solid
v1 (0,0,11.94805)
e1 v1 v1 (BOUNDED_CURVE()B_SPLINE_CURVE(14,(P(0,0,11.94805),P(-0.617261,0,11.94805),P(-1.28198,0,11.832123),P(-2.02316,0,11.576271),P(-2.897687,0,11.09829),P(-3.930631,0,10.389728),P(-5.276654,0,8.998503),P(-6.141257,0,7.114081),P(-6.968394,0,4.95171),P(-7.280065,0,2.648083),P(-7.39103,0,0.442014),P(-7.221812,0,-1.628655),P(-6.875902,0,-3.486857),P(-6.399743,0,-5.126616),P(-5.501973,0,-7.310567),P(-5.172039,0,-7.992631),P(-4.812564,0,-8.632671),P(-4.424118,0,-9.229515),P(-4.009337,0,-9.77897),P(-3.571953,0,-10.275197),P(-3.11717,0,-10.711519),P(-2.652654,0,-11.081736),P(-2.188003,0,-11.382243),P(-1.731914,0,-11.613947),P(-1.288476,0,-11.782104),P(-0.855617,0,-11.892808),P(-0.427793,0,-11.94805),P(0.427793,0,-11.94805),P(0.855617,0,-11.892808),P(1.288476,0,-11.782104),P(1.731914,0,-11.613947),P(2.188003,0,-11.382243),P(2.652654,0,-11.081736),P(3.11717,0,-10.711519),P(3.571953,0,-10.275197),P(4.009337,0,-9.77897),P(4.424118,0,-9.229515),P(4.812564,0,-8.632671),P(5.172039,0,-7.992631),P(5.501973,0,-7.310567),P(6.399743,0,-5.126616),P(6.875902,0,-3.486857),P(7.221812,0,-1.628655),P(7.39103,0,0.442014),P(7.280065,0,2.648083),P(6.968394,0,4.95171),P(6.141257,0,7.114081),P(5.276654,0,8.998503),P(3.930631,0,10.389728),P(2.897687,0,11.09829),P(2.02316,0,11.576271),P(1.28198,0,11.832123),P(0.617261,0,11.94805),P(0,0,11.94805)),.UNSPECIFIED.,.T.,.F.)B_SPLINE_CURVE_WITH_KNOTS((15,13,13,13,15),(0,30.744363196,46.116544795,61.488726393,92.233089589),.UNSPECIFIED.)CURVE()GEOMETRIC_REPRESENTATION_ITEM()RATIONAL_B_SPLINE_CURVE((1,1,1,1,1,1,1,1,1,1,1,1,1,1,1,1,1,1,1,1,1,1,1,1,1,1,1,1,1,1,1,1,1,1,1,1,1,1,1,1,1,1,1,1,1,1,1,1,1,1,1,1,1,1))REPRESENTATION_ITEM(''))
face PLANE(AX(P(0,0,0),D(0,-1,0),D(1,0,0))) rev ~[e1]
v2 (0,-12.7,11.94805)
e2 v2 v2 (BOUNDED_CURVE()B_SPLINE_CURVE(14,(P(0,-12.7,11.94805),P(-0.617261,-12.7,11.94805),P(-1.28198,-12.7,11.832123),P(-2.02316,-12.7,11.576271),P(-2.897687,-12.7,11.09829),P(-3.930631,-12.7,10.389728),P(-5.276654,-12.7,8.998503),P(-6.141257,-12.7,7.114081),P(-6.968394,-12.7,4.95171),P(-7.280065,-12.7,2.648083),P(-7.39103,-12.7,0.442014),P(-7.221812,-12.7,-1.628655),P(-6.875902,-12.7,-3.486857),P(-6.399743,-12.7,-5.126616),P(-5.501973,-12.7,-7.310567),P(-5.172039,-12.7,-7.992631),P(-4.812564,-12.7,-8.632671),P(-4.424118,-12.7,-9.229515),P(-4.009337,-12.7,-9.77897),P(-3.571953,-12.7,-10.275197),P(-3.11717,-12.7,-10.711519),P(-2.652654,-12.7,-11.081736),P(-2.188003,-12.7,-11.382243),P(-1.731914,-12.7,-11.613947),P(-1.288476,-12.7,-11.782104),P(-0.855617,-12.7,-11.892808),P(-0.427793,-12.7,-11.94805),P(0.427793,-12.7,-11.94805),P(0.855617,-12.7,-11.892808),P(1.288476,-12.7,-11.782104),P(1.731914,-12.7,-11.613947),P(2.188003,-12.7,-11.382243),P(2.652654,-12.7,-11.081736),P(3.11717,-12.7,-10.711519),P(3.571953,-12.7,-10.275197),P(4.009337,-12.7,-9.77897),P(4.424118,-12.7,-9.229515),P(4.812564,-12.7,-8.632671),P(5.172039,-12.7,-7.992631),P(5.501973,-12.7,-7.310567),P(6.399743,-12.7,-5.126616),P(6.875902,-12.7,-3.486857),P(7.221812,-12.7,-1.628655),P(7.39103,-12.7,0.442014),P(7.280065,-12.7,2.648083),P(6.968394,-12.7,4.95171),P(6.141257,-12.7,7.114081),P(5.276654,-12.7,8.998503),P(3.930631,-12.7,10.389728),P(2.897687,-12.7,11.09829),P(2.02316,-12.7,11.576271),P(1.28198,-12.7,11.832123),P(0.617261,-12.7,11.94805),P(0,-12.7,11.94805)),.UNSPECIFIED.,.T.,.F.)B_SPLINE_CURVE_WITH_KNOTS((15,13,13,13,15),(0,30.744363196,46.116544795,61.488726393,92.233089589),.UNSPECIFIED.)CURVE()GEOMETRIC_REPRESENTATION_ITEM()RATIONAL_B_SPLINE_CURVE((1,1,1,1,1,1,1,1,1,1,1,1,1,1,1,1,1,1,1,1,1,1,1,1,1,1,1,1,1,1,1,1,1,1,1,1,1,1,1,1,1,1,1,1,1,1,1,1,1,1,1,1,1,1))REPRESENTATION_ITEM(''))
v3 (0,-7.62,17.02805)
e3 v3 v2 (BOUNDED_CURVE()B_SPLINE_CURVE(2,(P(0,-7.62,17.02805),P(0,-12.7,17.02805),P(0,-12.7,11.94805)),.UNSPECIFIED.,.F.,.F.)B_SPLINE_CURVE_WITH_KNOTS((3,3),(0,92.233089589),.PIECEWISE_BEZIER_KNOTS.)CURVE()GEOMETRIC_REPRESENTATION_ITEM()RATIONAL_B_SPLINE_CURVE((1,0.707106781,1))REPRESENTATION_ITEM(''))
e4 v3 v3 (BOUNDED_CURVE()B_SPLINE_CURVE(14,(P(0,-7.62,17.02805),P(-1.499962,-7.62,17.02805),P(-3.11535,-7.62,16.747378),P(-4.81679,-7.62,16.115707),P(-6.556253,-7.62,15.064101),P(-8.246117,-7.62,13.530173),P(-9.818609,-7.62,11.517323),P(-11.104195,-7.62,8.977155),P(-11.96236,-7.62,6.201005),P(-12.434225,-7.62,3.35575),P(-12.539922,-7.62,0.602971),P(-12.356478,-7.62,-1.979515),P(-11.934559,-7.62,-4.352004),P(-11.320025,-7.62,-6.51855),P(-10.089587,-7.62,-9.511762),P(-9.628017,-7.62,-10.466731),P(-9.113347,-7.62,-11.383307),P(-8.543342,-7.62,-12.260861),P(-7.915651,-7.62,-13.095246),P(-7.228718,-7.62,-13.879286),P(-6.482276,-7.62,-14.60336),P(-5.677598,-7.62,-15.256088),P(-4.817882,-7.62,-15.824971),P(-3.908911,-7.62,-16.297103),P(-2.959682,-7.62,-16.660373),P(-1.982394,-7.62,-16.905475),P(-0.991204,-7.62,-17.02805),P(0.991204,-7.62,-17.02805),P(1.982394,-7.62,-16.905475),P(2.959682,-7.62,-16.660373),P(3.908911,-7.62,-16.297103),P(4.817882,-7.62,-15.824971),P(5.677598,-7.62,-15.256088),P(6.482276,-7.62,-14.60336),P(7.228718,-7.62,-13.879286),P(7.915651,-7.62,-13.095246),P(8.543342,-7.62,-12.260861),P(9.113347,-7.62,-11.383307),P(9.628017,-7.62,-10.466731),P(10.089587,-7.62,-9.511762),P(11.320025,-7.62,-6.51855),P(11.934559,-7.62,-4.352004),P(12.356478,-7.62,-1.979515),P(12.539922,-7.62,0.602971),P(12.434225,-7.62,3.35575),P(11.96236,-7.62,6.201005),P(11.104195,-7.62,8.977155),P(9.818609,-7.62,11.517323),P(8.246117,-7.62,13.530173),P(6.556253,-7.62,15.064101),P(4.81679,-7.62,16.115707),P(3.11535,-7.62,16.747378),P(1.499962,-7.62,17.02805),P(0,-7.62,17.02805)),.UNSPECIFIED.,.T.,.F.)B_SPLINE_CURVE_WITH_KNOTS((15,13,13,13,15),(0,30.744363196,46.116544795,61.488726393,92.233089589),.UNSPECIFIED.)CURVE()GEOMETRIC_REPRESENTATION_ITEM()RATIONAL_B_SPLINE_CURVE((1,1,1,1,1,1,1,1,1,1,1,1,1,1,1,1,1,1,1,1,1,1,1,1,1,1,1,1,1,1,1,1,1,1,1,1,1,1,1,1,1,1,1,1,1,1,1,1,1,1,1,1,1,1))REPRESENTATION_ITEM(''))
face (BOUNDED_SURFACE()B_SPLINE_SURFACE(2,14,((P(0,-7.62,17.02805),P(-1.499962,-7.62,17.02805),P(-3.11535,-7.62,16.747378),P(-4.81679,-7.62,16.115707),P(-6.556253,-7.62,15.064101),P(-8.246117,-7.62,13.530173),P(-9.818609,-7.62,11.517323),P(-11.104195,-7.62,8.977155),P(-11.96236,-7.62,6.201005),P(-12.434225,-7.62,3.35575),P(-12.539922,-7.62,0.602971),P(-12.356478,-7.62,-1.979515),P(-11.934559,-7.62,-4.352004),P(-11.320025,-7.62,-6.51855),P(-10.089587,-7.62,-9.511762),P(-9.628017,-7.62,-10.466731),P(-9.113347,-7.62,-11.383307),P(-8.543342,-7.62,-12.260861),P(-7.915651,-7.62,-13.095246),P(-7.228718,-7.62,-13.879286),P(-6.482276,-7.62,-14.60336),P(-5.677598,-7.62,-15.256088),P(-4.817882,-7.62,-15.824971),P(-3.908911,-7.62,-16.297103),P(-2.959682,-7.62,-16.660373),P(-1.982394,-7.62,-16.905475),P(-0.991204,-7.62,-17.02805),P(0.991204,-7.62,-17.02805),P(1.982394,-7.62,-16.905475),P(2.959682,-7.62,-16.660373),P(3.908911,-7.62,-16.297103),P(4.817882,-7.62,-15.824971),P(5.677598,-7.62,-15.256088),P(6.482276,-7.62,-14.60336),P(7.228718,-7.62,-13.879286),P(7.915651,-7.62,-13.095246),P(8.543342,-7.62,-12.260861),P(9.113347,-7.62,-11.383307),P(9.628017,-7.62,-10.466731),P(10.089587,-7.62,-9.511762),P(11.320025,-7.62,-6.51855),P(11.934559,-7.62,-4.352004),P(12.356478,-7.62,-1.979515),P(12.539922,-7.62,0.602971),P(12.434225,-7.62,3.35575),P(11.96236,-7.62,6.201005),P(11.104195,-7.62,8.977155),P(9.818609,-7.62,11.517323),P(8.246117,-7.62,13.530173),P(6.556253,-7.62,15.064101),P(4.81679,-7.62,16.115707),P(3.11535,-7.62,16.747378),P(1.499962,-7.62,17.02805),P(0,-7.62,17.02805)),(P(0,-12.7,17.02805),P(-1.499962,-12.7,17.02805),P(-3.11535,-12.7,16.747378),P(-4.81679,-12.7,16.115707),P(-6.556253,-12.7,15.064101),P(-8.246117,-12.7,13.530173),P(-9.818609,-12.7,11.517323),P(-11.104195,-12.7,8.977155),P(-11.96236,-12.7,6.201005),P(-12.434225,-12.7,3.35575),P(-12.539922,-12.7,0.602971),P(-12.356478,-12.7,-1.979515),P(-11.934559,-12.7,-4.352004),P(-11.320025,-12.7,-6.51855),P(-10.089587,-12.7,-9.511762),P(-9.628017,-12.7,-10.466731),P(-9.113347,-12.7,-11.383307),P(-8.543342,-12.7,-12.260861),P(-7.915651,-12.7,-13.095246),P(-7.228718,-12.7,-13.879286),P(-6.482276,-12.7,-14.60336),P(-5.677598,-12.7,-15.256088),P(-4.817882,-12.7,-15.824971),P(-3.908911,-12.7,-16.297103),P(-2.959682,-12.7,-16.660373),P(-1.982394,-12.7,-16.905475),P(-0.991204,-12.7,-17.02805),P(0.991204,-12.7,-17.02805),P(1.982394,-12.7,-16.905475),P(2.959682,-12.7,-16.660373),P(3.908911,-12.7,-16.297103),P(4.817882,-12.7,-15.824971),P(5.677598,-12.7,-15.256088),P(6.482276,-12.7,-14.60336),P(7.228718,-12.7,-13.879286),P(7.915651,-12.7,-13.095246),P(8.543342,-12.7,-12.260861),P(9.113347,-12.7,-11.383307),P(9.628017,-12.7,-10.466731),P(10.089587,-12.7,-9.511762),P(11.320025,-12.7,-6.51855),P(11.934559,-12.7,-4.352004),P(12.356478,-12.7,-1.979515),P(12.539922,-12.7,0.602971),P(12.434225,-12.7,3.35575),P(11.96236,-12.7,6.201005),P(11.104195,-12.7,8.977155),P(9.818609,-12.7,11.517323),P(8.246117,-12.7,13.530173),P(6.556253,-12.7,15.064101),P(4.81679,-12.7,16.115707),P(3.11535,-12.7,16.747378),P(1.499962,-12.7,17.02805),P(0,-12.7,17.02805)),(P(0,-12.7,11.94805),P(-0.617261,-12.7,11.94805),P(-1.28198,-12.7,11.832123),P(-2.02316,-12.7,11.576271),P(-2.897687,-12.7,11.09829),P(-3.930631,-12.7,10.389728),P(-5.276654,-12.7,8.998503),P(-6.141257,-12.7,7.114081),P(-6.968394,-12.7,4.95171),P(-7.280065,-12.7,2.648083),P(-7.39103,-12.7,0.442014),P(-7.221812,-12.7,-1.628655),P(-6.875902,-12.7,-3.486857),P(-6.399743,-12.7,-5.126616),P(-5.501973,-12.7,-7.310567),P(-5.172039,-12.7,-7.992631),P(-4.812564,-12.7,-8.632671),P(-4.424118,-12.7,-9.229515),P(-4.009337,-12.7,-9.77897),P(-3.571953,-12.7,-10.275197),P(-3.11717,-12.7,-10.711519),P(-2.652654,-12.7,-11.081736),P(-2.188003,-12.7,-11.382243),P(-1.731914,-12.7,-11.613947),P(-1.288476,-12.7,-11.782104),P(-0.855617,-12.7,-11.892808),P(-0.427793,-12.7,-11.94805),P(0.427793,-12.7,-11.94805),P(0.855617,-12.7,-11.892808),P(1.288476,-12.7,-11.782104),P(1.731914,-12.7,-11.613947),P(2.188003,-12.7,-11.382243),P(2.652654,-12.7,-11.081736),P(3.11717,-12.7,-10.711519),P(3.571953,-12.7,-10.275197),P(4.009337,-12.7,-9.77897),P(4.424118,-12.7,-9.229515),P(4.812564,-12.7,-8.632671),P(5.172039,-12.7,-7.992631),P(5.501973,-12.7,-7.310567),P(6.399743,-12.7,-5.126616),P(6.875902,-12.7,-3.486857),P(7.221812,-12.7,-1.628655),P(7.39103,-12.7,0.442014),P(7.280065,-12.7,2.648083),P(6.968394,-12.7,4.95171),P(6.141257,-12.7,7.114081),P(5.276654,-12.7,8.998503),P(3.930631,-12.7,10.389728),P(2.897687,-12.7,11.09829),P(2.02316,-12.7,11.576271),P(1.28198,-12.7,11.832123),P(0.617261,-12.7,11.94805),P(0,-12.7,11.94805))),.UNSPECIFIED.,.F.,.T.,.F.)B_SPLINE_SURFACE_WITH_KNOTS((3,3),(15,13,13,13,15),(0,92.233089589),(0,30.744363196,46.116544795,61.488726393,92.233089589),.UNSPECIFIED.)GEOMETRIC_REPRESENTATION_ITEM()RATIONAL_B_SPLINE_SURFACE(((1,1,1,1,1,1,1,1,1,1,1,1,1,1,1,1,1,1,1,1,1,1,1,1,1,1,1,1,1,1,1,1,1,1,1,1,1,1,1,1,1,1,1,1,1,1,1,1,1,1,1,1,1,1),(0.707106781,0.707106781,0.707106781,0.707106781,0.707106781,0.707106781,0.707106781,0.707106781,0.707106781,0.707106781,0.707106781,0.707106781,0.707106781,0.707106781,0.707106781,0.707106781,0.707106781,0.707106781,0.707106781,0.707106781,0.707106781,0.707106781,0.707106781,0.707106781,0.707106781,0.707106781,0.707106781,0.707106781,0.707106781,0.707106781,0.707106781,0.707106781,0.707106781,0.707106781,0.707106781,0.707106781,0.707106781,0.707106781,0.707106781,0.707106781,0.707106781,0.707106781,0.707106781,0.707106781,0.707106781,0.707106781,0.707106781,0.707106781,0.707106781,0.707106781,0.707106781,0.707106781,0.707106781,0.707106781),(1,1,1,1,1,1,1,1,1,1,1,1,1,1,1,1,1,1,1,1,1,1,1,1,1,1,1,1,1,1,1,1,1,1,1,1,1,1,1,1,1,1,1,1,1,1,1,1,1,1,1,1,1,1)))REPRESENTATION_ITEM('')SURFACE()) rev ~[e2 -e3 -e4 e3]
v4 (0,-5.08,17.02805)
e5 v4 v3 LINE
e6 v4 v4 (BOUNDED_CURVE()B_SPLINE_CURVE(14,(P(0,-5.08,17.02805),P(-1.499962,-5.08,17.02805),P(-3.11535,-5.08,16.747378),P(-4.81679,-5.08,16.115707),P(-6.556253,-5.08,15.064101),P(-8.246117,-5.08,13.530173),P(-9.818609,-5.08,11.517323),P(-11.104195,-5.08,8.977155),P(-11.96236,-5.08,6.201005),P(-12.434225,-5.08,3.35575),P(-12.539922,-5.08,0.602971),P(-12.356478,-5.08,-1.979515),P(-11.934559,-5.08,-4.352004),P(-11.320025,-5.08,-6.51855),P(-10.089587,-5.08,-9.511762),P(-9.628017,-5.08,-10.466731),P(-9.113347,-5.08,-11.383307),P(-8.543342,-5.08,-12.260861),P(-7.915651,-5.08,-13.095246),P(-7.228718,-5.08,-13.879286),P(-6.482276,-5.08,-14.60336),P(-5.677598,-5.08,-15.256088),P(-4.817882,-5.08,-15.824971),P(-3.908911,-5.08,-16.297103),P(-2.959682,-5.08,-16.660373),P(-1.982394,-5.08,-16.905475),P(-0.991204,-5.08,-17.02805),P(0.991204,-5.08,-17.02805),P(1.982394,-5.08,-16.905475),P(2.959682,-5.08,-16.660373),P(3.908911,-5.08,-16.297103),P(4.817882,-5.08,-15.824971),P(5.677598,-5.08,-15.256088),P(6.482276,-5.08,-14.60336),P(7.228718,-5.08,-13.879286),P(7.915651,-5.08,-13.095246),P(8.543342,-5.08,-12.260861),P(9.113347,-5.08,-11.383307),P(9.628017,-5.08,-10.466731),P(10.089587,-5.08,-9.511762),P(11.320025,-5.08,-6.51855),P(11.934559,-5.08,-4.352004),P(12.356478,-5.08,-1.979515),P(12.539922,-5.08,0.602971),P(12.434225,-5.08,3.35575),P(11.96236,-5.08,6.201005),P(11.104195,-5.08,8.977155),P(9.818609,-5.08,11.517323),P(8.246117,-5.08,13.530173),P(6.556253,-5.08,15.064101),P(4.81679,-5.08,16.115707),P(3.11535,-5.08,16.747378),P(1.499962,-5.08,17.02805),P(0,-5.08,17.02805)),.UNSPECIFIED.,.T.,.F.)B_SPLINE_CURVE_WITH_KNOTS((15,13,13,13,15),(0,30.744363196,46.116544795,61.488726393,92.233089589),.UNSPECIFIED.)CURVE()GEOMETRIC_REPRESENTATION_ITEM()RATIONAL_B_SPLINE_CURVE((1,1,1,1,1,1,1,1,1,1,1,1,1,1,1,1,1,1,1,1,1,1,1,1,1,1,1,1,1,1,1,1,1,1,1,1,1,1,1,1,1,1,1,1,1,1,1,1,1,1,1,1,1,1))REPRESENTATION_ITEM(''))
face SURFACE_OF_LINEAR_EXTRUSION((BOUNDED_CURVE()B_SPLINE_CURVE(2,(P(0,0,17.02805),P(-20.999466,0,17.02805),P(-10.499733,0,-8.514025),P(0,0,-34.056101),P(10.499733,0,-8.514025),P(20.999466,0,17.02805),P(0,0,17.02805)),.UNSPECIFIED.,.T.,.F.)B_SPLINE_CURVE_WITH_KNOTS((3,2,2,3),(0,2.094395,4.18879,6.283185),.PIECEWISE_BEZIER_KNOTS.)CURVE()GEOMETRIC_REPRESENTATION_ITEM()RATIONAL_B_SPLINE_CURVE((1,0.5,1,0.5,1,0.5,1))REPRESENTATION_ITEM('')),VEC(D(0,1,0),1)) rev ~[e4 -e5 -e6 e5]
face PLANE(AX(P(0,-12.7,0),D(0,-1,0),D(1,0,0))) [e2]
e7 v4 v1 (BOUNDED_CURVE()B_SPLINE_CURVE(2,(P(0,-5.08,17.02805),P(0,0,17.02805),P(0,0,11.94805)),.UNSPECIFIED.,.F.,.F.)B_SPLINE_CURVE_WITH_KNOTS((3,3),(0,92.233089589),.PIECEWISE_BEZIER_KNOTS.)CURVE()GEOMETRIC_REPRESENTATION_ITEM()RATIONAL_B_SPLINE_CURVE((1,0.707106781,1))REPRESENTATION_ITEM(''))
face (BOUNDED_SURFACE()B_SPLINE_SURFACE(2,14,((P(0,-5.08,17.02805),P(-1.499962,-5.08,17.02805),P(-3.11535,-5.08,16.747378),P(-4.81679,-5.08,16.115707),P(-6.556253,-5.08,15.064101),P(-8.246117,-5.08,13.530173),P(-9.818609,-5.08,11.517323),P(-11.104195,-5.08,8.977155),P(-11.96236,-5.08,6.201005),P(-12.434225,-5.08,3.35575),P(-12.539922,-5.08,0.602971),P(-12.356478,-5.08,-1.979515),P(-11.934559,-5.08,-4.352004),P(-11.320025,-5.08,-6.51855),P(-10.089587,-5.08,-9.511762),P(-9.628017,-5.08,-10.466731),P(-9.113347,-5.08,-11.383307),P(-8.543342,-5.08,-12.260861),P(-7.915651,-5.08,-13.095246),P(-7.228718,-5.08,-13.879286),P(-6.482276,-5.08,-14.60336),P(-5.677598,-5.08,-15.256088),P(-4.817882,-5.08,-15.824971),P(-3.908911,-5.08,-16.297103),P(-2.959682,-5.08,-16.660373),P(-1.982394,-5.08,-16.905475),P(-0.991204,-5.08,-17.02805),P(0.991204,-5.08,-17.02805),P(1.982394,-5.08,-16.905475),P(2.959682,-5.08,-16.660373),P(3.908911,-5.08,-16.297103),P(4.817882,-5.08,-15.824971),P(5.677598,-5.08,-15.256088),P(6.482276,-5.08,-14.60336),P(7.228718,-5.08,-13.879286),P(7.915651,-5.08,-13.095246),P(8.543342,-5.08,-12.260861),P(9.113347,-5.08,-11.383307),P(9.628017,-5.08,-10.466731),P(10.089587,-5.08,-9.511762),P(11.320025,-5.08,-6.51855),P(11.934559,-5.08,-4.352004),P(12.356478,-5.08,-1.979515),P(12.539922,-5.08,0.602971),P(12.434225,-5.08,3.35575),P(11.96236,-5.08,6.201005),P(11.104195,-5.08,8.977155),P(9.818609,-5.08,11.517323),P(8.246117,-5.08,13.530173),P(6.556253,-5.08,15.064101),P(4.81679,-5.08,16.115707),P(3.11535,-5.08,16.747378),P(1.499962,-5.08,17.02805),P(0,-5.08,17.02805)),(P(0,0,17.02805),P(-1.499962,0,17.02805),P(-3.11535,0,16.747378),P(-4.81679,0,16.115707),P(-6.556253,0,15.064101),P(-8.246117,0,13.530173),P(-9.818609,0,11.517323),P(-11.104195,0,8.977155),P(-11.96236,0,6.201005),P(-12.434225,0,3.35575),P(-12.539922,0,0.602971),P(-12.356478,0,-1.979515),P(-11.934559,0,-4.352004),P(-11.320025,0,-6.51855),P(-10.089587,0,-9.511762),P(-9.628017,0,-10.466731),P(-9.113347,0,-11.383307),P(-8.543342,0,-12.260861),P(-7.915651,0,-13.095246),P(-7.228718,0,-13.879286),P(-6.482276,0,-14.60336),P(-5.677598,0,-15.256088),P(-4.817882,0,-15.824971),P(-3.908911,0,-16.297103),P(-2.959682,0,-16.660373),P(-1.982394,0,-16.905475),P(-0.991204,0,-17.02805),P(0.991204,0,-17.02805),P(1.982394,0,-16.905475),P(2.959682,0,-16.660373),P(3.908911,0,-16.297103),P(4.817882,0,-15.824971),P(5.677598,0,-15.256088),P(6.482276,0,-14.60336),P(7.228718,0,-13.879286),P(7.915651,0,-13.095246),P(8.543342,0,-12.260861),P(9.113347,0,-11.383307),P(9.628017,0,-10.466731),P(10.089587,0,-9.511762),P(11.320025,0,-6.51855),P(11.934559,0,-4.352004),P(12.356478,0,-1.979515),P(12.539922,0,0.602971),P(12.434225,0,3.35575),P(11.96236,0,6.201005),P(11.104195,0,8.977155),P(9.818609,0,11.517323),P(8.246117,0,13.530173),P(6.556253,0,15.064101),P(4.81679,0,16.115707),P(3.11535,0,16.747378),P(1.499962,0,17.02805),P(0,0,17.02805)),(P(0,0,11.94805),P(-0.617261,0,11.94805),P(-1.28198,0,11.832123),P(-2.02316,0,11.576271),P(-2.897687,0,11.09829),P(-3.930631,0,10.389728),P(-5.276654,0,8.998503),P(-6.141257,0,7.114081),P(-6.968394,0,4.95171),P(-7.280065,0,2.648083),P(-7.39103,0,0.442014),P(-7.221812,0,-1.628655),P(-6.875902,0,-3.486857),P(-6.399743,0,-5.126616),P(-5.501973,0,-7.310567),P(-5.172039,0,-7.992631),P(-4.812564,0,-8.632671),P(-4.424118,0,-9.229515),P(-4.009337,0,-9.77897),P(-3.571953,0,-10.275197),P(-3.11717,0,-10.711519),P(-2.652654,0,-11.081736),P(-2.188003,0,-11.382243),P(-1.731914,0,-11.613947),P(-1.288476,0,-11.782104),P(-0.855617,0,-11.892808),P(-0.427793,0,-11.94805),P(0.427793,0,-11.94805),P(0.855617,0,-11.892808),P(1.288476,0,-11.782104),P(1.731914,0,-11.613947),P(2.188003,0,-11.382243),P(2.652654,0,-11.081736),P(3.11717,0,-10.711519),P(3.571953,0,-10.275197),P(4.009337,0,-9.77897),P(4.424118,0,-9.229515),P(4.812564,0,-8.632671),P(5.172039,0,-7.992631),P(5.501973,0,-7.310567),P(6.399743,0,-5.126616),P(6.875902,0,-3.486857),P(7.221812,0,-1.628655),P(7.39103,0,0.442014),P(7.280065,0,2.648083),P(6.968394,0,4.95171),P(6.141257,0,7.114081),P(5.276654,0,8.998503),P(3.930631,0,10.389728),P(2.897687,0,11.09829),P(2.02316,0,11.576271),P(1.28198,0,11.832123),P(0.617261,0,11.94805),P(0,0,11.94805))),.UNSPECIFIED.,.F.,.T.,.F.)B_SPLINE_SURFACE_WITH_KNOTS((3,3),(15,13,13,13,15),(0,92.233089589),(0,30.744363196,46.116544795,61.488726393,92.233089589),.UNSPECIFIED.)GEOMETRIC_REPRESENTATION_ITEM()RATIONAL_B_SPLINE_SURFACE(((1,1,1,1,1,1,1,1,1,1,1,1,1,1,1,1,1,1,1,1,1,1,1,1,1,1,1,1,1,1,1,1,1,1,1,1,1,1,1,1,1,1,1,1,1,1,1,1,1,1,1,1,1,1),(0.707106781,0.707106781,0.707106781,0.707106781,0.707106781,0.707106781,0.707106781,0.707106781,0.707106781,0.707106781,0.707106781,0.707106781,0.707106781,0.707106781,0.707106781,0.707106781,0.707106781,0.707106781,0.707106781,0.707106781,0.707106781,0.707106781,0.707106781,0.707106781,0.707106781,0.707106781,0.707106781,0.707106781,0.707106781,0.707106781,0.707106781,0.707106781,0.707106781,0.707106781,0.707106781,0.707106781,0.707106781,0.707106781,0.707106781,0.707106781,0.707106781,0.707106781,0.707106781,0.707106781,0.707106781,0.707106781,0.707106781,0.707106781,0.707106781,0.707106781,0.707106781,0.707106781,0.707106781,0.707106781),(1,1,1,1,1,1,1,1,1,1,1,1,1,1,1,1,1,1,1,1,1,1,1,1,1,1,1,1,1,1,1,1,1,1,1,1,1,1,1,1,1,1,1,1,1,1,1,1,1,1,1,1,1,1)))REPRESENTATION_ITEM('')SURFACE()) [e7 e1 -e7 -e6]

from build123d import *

# Parameters (mm, degrees)
F1_DEPTH = 12.7
F2_R     = 5.08


with BuildPart() as f1:
    # F0 (on Front) → F1 (new body)
    with BuildSketch(Plane.XZ):
        with BuildLine():
            add(Edge.make_bspline(
                [(0, 17.02805), (-20.999466, 17.02805), (-10.499733, -8.514025), (0, -34.056101), (10.499733, -8.514025), (20.999466, 17.02805), (0, 17.02805)],
                knots=[0, 0, 0, 2.094395, 2.094395, 4.18879, 4.18879, 6.283185, 6.283185, 6.283185], degree=2, weights=[1, 0.5, 1, 0.5, 1, 0.5, 1]))
        make_face()
    extrude(amount=F1_DEPTH)

    # F2
    f2_edges = [f1.edges().sort_by_distance(p)[0] for p in [
        (0, -12.7, -17.02805),
        (0, 0, -17.02805),
    ]]
    fillet(f2_edges, radius=F2_R)


solid = f1.part
